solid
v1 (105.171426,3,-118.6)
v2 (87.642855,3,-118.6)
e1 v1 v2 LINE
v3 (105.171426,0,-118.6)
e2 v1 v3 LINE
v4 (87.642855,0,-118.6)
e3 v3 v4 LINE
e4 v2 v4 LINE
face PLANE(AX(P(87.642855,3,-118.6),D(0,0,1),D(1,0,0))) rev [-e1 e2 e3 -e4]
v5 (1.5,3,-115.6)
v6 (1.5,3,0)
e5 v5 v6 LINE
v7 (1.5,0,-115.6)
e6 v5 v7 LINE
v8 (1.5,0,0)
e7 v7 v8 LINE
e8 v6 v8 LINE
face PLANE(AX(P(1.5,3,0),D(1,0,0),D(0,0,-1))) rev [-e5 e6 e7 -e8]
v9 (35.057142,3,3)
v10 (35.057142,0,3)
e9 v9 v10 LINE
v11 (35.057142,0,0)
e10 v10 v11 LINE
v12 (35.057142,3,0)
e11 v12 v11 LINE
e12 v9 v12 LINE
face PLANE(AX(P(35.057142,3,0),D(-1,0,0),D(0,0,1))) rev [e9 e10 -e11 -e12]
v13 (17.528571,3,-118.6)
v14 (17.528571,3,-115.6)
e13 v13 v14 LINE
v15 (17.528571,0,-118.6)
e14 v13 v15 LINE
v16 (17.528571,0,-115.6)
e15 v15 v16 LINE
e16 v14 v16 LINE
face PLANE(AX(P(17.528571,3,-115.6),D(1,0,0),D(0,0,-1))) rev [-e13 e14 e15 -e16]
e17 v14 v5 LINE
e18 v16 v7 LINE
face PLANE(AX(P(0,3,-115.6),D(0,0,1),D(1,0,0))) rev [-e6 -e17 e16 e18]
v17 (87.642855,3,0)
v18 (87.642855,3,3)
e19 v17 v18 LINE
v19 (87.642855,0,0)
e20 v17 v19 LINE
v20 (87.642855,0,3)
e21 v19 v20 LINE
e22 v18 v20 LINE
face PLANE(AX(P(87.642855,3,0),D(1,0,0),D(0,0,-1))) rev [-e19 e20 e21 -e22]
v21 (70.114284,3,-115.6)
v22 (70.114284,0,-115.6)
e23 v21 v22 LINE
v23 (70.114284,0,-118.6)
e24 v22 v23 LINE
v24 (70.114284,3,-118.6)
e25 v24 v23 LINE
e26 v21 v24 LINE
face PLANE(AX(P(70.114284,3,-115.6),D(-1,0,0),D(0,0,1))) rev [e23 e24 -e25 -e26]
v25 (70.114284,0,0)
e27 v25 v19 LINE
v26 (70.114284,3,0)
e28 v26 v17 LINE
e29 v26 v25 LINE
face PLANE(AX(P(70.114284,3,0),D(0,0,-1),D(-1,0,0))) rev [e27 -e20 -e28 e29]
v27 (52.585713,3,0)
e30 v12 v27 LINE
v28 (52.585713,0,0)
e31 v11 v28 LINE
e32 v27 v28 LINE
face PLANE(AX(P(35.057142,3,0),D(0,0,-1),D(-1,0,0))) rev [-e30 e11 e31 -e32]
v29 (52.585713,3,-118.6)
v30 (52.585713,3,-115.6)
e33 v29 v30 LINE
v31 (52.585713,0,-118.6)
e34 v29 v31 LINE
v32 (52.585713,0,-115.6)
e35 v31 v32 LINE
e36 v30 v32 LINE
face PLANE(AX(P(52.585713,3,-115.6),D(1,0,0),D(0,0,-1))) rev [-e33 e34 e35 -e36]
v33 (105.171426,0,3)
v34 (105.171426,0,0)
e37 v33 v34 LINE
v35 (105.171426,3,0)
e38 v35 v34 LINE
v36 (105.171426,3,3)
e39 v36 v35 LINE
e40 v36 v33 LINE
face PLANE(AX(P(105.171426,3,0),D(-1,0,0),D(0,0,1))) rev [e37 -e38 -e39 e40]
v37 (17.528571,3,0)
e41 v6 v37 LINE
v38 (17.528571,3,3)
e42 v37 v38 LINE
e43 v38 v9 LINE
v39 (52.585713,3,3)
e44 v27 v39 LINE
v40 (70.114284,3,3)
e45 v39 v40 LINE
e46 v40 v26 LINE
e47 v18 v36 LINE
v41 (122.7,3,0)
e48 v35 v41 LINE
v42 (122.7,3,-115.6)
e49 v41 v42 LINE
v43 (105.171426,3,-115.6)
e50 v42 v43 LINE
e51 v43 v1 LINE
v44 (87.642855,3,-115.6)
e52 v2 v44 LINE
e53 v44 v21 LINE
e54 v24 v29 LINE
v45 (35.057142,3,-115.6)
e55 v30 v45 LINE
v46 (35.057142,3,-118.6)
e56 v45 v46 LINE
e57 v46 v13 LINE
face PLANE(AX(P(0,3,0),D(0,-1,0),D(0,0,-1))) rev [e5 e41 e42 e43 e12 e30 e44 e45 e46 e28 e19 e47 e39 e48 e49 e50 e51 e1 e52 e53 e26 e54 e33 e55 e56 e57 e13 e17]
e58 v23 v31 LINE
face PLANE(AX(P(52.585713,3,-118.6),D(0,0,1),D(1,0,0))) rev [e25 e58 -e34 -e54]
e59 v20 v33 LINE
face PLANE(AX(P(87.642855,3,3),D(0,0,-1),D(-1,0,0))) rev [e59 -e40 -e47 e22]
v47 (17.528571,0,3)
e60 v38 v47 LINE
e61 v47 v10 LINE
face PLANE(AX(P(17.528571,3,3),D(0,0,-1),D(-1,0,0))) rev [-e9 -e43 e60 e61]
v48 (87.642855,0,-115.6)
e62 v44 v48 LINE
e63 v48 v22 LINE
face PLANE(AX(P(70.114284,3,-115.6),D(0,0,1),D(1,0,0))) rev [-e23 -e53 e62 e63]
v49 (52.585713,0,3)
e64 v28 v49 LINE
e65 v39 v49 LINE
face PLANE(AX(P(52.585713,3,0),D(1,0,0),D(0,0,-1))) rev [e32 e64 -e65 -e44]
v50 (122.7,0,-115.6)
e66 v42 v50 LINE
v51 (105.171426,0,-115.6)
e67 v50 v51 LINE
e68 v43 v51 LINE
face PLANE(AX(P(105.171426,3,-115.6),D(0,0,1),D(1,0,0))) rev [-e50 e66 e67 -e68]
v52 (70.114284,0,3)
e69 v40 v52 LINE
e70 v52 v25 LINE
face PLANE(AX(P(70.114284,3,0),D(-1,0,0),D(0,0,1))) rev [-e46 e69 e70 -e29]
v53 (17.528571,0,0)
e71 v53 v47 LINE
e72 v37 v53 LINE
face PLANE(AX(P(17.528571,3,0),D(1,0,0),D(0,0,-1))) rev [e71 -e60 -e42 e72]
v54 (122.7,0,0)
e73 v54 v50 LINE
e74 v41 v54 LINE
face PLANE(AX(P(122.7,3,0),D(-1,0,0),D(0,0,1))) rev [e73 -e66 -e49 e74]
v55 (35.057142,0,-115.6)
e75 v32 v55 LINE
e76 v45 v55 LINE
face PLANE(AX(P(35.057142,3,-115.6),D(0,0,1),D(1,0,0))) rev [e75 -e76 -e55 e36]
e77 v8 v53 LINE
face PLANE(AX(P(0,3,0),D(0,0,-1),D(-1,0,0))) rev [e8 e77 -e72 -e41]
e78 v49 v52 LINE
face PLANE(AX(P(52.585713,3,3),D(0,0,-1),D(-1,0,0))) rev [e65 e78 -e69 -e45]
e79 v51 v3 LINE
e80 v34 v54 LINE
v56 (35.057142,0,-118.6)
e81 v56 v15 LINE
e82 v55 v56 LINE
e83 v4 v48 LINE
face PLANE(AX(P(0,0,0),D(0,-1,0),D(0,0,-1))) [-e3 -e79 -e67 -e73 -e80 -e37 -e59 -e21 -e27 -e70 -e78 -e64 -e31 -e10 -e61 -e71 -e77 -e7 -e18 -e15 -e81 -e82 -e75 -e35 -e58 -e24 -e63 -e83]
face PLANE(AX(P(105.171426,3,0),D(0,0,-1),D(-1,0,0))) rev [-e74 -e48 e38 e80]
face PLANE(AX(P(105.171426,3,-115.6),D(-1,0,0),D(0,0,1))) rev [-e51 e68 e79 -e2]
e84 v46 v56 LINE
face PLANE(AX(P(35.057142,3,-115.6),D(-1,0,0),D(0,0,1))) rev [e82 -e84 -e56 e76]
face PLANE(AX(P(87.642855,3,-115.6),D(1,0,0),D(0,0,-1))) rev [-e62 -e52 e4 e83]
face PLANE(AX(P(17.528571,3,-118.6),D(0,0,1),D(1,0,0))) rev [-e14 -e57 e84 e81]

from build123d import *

# Parameters (mm, degrees)
BOSS_EXTRUDE1_DEPTH = 3
SKETCH2_W           = 1.5
SKETCH2_H           = 115.6
CUT_EXTRUDE1_DEPTH  = 4


with BuildPart() as part:
    # Sketch1 → Boss-Extrude1 (new body)
    with BuildSketch(Plane(origin=(0, 0, 0), x_dir=(1, 0, 0), z_dir=(0, 1, 0))):
        Polygon((0, 0), (17.52857143, 0), (17.52857143, -3), (35.05714243, -3), (35.05714243, 0), (52.58571343, 0), (52.58571343, -3), (70.11428443, -3), (70.11428443, 0), (87.64285543, 0), (87.64285543, -3), (105.17142643, -3), (105.17142643, 0), (122.7, 0), (122.7, 115.6), (105.17142643, 115.6), (105.17142643, 118.6), (87.64285543, 118.6), (87.64285543, 115.6), (70.11428443, 115.6), (70.11428443, 118.6), (52.58571343, 118.6), (52.58571343, 115.6), (35.05714243, 115.6), (35.05714243, 118.6), (17.52857143, 118.6), (17.52857143, 115.6), (0, 115.6), align=None)
    extrude(amount=BOSS_EXTRUDE1_DEPTH)

    # Sketch2 → Cut-Extrude1 (cut, through all)
    with BuildSketch(Plane.XZ):
        with Locations((0.75, -57.8)):
            Rectangle(SKETCH2_W, SKETCH2_H)
    extrude(amount=-CUT_EXTRUDE1_DEPTH, mode=Mode.SUBTRACT)


solid = part.part
